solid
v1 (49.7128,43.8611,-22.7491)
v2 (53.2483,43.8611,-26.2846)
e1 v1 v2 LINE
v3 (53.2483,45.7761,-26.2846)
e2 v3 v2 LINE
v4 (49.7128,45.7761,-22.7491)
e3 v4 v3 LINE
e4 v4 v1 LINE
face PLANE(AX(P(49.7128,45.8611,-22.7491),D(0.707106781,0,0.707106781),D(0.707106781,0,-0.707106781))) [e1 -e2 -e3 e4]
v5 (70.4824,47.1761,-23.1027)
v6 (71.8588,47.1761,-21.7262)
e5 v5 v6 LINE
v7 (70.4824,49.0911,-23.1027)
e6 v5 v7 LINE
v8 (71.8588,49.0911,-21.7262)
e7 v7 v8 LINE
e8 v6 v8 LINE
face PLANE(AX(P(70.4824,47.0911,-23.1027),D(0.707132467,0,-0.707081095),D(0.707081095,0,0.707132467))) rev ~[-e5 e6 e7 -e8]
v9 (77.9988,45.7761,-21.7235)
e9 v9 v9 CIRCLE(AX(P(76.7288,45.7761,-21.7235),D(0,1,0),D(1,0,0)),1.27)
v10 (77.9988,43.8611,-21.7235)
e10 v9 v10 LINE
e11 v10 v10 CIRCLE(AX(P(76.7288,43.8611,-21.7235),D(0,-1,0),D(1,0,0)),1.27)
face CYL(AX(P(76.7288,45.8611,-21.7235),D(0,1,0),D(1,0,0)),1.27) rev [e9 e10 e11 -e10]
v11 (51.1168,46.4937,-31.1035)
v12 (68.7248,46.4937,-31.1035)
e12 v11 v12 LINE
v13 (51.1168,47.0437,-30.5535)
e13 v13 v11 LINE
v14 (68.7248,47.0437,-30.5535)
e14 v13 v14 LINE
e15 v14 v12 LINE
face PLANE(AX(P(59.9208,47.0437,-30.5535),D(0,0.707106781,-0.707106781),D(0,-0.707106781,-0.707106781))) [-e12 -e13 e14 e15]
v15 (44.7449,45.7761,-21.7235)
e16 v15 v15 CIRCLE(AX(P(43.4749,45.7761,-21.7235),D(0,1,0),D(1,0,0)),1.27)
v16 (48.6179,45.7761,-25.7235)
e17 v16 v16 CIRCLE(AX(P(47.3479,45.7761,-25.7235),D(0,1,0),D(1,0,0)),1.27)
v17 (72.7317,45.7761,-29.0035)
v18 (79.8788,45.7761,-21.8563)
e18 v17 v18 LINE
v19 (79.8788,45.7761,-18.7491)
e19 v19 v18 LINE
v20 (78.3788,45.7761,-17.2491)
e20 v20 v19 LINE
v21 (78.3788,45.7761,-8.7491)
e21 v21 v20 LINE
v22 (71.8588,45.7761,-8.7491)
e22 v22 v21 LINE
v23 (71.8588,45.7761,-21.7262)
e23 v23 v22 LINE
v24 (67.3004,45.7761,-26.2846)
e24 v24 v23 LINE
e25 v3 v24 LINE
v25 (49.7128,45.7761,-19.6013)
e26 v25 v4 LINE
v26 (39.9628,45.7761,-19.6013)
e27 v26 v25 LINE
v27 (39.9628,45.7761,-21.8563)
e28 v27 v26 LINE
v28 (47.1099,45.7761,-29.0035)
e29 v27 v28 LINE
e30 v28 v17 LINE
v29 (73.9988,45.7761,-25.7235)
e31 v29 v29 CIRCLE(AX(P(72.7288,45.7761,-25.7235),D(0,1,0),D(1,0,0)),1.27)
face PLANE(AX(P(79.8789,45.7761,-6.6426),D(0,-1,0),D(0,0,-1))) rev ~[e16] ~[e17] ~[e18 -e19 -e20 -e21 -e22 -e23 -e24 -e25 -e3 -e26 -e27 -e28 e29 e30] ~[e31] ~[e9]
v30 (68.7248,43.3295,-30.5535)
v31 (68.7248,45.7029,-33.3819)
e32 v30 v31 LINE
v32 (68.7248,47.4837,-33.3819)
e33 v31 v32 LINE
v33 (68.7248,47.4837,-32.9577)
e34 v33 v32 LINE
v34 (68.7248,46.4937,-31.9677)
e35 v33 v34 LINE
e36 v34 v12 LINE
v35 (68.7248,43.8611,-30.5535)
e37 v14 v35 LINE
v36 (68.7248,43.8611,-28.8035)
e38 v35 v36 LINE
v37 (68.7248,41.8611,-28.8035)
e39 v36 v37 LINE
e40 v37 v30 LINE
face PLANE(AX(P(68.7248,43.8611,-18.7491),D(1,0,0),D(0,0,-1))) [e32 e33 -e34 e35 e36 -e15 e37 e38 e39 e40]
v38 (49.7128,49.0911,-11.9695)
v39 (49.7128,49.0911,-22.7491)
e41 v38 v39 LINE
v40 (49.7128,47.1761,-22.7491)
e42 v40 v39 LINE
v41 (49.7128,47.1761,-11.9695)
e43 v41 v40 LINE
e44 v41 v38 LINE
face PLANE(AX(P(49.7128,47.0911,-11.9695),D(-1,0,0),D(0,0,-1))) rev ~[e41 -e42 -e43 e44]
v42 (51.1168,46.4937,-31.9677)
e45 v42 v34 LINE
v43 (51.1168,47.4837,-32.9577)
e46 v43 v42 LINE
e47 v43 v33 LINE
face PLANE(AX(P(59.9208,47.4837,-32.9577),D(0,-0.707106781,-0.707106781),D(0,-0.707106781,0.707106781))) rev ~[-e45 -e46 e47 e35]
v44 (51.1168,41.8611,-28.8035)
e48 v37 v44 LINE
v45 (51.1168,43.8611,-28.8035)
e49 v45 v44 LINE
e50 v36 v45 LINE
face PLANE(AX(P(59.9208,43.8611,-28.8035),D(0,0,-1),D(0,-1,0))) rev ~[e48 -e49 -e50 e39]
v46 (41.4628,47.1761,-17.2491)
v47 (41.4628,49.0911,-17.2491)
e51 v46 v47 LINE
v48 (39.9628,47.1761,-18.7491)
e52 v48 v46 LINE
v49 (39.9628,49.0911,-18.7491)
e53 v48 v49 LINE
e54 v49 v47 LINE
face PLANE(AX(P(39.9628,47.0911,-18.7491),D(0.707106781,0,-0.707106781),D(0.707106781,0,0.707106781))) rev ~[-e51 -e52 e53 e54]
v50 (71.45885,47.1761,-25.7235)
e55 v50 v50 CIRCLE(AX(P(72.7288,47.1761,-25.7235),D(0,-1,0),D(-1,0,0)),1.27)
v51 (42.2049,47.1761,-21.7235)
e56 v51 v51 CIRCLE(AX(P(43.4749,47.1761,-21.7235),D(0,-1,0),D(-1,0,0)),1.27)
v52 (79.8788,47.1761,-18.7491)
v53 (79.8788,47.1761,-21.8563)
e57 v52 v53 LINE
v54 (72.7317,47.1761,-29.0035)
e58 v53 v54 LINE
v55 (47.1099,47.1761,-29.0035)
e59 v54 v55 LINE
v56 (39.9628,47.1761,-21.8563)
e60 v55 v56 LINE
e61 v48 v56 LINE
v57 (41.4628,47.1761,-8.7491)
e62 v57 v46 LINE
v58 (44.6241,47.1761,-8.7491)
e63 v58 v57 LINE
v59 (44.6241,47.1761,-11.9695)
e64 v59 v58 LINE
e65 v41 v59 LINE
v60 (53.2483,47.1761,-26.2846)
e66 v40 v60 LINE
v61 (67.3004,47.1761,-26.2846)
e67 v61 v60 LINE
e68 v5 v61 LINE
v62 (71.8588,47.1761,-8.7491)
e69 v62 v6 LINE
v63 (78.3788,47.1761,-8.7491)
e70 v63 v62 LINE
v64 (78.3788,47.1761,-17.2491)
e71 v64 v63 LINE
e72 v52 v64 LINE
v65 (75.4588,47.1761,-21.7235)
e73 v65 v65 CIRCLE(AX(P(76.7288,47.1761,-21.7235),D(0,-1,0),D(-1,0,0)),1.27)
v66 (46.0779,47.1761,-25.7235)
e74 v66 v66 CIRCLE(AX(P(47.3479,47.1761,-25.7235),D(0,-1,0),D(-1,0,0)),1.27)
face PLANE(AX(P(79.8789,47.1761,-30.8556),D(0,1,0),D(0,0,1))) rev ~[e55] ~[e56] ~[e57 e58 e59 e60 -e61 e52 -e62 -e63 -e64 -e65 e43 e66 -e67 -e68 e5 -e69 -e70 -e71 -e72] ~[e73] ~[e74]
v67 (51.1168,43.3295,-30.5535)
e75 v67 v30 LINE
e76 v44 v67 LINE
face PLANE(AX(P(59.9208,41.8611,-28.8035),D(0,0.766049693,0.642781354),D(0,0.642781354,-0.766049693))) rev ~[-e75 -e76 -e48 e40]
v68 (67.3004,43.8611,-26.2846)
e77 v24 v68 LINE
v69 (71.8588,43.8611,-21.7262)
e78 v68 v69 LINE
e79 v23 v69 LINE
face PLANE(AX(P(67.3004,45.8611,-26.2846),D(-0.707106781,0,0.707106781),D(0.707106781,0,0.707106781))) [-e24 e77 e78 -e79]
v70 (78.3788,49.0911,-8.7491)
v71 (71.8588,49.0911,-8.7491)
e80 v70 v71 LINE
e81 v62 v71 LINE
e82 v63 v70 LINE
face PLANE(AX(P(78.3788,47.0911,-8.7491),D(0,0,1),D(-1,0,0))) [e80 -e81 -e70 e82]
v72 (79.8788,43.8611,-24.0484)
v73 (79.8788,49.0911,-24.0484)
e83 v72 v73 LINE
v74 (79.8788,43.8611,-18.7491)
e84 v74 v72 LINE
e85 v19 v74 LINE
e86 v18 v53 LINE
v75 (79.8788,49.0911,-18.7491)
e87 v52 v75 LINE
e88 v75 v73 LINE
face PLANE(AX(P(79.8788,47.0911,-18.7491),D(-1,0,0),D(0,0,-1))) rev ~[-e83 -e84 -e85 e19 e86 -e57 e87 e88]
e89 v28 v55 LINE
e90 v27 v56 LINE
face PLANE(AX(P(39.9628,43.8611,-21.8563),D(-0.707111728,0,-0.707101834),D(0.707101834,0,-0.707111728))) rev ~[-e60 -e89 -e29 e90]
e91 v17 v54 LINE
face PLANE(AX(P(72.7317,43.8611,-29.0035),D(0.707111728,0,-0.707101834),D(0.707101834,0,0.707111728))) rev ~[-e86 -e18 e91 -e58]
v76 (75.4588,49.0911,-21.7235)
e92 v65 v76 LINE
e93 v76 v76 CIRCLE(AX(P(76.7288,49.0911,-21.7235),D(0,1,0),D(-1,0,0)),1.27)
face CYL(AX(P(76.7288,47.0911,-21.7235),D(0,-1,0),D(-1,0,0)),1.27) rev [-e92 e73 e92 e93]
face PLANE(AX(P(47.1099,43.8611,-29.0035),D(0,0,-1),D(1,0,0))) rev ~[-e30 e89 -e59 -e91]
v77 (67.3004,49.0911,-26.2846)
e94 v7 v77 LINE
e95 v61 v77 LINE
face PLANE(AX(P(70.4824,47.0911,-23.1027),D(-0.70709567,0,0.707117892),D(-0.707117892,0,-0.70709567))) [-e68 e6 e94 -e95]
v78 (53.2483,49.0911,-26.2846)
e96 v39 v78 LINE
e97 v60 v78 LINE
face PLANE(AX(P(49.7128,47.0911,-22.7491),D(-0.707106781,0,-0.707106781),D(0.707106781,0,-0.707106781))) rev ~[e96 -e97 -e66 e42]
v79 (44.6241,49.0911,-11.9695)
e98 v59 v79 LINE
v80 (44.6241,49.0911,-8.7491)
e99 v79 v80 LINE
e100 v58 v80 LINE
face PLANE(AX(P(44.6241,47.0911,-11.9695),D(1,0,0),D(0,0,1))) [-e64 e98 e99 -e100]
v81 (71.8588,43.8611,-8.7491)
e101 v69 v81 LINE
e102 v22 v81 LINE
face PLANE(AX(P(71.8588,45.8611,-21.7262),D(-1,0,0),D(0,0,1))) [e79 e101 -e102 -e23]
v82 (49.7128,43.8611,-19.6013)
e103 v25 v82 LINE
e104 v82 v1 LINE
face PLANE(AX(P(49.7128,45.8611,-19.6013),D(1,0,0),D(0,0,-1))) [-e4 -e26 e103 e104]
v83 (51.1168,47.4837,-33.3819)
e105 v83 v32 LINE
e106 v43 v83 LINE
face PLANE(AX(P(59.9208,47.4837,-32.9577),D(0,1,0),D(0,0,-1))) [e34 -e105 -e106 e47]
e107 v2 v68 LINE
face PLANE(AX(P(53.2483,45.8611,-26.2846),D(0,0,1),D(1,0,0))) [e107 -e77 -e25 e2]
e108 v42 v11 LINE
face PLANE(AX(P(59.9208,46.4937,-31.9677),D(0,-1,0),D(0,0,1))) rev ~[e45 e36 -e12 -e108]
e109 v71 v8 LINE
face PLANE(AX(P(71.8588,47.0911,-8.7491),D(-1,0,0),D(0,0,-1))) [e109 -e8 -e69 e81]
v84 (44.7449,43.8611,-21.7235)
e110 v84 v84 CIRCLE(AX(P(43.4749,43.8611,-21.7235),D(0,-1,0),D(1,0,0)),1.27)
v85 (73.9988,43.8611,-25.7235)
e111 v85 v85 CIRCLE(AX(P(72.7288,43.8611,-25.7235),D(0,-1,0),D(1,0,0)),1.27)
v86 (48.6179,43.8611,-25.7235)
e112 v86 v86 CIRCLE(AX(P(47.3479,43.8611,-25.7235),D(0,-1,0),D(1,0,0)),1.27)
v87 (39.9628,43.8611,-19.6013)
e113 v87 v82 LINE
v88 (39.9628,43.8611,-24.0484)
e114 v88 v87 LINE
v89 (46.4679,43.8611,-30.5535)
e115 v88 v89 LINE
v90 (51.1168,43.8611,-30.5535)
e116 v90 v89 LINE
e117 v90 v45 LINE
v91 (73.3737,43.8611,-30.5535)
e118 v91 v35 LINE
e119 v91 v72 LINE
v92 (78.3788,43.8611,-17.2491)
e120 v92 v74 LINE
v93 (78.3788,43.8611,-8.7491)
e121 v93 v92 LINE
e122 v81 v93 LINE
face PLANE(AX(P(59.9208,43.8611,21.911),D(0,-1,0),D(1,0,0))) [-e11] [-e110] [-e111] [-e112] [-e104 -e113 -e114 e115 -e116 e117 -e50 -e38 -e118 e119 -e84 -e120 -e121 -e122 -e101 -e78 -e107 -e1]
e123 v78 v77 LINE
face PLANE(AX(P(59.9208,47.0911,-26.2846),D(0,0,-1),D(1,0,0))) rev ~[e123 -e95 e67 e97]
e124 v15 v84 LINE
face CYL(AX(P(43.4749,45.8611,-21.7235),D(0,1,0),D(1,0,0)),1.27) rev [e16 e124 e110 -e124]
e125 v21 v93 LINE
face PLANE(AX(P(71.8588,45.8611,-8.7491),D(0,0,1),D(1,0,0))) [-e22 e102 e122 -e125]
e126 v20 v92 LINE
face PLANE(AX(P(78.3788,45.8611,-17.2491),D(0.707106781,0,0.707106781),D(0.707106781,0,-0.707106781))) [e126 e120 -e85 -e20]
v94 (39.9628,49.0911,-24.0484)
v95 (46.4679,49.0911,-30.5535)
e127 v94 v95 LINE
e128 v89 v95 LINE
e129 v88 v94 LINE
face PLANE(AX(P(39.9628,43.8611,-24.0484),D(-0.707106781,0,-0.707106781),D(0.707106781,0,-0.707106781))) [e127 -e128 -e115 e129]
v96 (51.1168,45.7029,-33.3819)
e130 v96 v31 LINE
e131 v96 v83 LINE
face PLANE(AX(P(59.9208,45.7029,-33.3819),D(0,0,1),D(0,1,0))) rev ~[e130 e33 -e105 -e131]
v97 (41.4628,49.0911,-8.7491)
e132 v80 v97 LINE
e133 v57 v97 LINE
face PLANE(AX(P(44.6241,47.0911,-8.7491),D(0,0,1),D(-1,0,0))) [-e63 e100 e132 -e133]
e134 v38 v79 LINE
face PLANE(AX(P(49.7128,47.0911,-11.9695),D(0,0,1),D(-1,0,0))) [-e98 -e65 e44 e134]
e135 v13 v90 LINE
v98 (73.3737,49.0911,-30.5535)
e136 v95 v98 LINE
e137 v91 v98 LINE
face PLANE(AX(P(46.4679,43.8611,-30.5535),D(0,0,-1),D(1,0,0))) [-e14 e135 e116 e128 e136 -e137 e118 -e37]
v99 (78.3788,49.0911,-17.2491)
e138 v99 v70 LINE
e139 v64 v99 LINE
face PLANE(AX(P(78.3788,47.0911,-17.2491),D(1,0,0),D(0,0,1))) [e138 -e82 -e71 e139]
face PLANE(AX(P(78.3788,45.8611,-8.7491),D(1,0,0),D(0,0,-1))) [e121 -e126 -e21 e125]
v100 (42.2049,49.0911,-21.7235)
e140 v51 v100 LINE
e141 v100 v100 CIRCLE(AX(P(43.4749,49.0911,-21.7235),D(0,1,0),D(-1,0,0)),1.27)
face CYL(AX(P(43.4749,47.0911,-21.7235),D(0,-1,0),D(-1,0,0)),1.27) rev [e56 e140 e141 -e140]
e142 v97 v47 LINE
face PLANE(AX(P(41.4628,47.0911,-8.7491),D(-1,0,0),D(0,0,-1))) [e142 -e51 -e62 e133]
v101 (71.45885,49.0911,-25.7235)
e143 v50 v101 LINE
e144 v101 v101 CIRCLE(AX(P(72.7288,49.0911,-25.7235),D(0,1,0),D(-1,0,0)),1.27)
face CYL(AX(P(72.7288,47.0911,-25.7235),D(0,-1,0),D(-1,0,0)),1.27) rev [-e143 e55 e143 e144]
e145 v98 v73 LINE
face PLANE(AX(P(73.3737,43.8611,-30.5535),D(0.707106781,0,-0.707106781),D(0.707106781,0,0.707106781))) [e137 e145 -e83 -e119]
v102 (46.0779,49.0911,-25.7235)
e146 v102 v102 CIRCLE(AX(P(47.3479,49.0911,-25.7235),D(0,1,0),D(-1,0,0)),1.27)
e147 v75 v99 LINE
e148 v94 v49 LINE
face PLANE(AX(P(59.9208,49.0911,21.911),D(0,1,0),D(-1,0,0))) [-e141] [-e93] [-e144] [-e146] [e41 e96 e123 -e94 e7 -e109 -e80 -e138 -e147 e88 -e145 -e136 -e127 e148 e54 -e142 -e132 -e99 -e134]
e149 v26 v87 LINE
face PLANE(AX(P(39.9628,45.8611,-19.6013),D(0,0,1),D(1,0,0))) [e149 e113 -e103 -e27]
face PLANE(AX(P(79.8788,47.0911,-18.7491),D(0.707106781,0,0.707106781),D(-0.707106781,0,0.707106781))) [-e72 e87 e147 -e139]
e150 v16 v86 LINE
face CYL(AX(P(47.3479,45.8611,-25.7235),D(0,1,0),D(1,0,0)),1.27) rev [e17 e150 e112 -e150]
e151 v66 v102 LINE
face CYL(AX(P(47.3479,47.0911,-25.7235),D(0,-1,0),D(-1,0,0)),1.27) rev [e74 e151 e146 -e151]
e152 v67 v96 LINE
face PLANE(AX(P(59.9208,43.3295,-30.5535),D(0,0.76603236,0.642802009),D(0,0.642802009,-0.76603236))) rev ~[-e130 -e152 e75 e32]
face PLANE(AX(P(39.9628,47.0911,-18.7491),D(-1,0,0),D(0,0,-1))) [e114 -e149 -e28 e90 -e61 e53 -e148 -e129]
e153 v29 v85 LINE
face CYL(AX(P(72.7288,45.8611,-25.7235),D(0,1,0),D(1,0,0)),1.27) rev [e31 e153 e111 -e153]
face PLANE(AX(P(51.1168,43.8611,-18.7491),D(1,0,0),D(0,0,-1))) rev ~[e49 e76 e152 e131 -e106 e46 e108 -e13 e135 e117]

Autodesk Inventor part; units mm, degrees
ref_plane "Work Plane1" through (59.9208, 47.0911, 21.911) normal (0, 1, 0) x (-1, 0, 0)
sketch "Sketch1" plane through (59.9208, 47.0911, 21.911) normal (0, 1, 0) x (-1, 0, 0)
  circle A0 centre (-16.808, -43.6345) radius 1.27
  circle A1 centre (12.5729, -47.6345) radius 1.27
  circle A2 centre (16.4459, -43.6345) radius 1.27
  circle A3 centre (-12.808, -47.6345) radius 1.27
  line L0 (10.208, -33.8805) -> (10.208, -44.6601)
  line L1 (10.208, -44.6601) -> (6.6725, -48.1956)
  circle A4 centre (-16.808, -43.6345) radius 1.27 projected
  circle A5 centre (12.5729, -47.6345) radius 1.27 projected
  circle A6 centre (16.4459, -43.6345) radius 1.27 projected
  circle A7 centre (-12.8081, -47.6345) radius 1.27 projected
  line L2 (19.708, -15.6655) -> (-19.708, -15.6655)
  line L3 (0, -15.6655) -> (0, -20.8781)
  line L4 (6.6725, -48.1956) -> (-7.3796, -48.1956)
  line L5 (-19.958, -43.8381) -> (-12.8316, -50.9645)
  line L6 (-12.8316, -50.9645) -> (12.8316, -50.9645)
  line L7 (-19.958, -40.6601) -> (-19.958, -43.8381)
  line L8 (0, -48.1956) -> (0, -46.7038)
  line L9 (19.958, -43.8381) -> (12.8316, -50.9645)
  line L10 (19.958, -40.6601) -> (19.958, -43.8381)
  line L11 (-11.938, -30.6601) -> (-11.938, -43.6372)
  line L12 (-10.5616, -45.0137) -> (-11.938, -43.6372)
  line L13 (-10.5616, -45.0137) -> (-7.3796, -48.1956)
  line L14 (15.2967, -30.6601) -> (18.458, -30.6601)
  line L15 (18.458, -30.6601) -> (18.458, -39.1601)
  line L16 (-18.458, -39.1601) -> (-18.458, -30.6601)
  line L17 (-18.458, -30.6601) -> (-11.938, -30.6601)
  line L18 (10.208, -33.8805) -> (15.2967, -33.8805)
  line L19 (15.2967, -33.8805) -> (15.2967, -30.6601)
  line L20 (-19.958, -40.6601) -> (-18.458, -39.1601)
  line L21 (19.958, -40.6601) -> (18.458, -39.1601)
  point P0 (-19.708, -43.6601)
  point P1 (-6.6725, -48.1956)
  dimension "d14" = 5
  dimension "d15" = 135
  dimension "d18" = 2.54
extrude "Extrusion1" add sketch "Sketch1" along normal blind 2
ref_plane "Work Plane2" through (59.9208, 45.8611, 21.911) normal (0, -1, 0) x (1, 0, 0)
sketch "Sketch2" plane through (59.9208, 45.8611, 21.911) normal (0, -1, 0) x (1, 0, 0)
  line L0 (-10.208, -33.8805) -> (-10.208, -44.6601) projected
  line L1 (-10.208, -44.6601) -> (-6.6725, -48.1956) projected
  line L2 (-6.6725, -48.1956) -> (7.3796, -48.1956) projected
  circle A0 centre (16.808, -43.6345) radius 1.27 projected
  circle A1 centre (-12.5729, -47.6345) radius 1.27 projected
  circle A2 centre (-16.4459, -43.6345) radius 1.27 projected
  circle A3 centre (12.808, -47.6345) radius 1.27 projected
  line L3 (19.958, -40.6601) -> (19.958, -43.8381) projected
  line L4 (19.958, -43.8381) -> (12.8316, -50.9645) projected
  line L5 (12.8316, -50.9645) -> (-12.8316, -50.9645) projected
  line L6 (-12.8316, -50.9645) -> (-19.958, -43.8381) projected
  line L7 (-19.958, -43.8381) -> (-19.958, -40.6601) projected
  line L8 (7.3796, -48.1956) -> (11.938, -43.6372) projected
  line L9 (11.938, -43.6372) -> (11.938, -30.6601) projected
  line L10 (11.938, -30.6601) -> (18.458, -30.6601) projected
  line L11 (18.458, -30.6601) -> (18.458, -39.1601) projected
  line L12 (-18.458, -39.1601) -> (-18.458, -30.6601) projected
  line L13 (-18.458, -30.6601) -> (-15.2967, -30.6601) projected
  line L14 (-15.2967, -30.6601) -> (-15.2967, -33.8805) projected
  line L15 (-15.2967, -33.8805) -> (-10.208, -33.8805) projected
  line L16 (18.458, -39.1601) -> (19.958, -40.6601) projected
  line L17 (-19.958, -40.6601) -> (-18.458, -39.1601) projected
  circle A4 centre (-16.4459, -43.6345) radius 1.27 projected
  line L18 (-19.958, -43.8381) -> (-19.958, -40.6601) projected
  line L19 (-19.958, -41.5123) -> (-10.208, -41.5123)
  line L20 (-10.208, -33.8805) -> (-10.208, -44.6601) projected
  point P0 (-59.9208, -21.911)
extrude "Extrusion2" add sketch "Sketch2" along normal blind 2 contours L0 L1 L2 L8 L9 L10 L11 L16 L3 L4 L5 L6 L7 L19
sketch "Sketch4" plane through (79.8789, 45.8611, -18.7491) normal (1, 0, 0) x (0, 0, -1)
  line L0 (0, 1.23) -> (3.178, 1.23) projected
  line L1 (0, 0) -> (-1.5, 0) projected
  line L2 (0, 1.23) -> (0, 0)
  line L3 (-12.1065, -0.085) -> (12.1065, -0.085)
  line L4 (12.1065, -0.085) -> (12.1065, 1.315)
  line L5 (12.1065, 1.315) -> (-12.1065, 1.315)
  line L6 (-12.1065, 1.315) -> (-12.1065, -0.085)
  line L7 (-12.1065, -0.085) -> (12.1065, 1.315) construction
  line L8 (12.1065, -0.085) -> (-12.1065, 1.315) construction
  point P0 (0, 0.615)
  dimension "d73" = 1.4
extrude "Extrusion3" cut sketch "Sketch4" against normal through all
sketch "Sketch5" plane through (59.9208, 43.8611, 21.911) normal (0, -1, 0) x (1, 0, 0)
  line L0 (-19.708, -43.6601) -> (-19.708, -40.6601)
  line L1 (-12.6424, -50.7145) -> (-19.708, -43.6601)
  line L2 (12.728, -50.7145) -> (-12.6424, -50.7145)
  line L3 (19.708, -43.7345) -> (12.728, -50.7145)
  line L4 (-13.4529, -52.4645) -> (13.4529, -52.4645)
  line L5 (19.708, -43.7345) -> (19.708, -40.6601)
  line L6 (-12.8316, -50.9145) -> (12.8316, -50.9145)
  line L7 (12.8316, -50.9645) -> (11.3316, -52.4645)
  line L8 (-19.958, -43.8381) -> (-12.8316, -50.9645)
  line L9 (-12.8316, -50.9645) -> (-11.3316, -52.4645)
  line L10 (-12.8316, -50.9645) -> (-10.7103, -50.9645) construction
  line L11 (12.8316, -50.9145) -> (12.8816, -50.9145)
  line L12 (-12.8316, -50.9645) -> (12.8316, -50.9645)
  line L13 (12.8316, -50.9645) -> (12.8816, -50.9145)
  line L14 (12.8316, -50.9645) -> (19.958, -43.8381)
  line L15 (-12.8316, -50.9145) -> (-12.8816, -50.9145)
  line L16 (-12.8316, -50.9645) -> (-12.8816, -50.9145)
  line L17 (12.8109, -50.9145) -> (19.958, -43.7673)
  line L18 (-19.958, -43.7673) -> (-12.8109, -50.9145)
  line L19 (-19.958, -45.9594) -> (-13.4529, -52.4645)
  line L20 (13.4529, -52.4645) -> (19.958, -45.9594)
  line L21 (-19.958, -43.7673) -> (-19.958, -45.9594)
  line L22 (12.8316, -50.9645) -> (19.958, -43.8381) projected
  line L23 (19.958, -43.8381) -> (19.958, -45.9594)
  line L24 (19.958, -43.8381) -> (19.958, -43.7673)
  line L25 (19.958, -43.8381) -> (19.958, -40.6601) projected
  dimension "d29" = 0.2
  dimension "d62" = 45
  dimension "d74" = 0.05
  dimension "d75" = 0.05
  dimension "d76" = 1.5
  dimension "d77" = 1.5
extrude "Extrusion4" add sketch "Sketch5" against normal up to surface (5.23 mm away)
ref_plane "Work Plane13" through (59.9208, 43.8611, -18.7491) normal (1, 0, 0) x (0, 0, -1)
ref_plane "Work Plane14" through (53.2483, 46.4761, -26.2847) normal (0, 1, 0) x (1, 0, 0)
sketch "Sketch18" plane through (59.9208, 43.8611, -18.7491) normal (1, 0, 0) x (0, 0, -1)
  line L0 (11.8044, 0) -> (10.0544, 0)
  line L1 (10.0544, 0) -> (10.0544, -2)
  line L2 (10.0544, -2) -> (11.8044, -0.5316)
  line L3 (11.8044, -0.5316) -> (11.8044, 0)
  line L4 (14.6328, 1.8418) -> (14.6328, 3.6226)
  line L5 (14.2086, 3.6226) -> (13.2186, 2.6326)
  line L6 (13.2186, 2.6326) -> (12.3544, 2.6326)
  line L7 (11.8044, 3.1826) -> (11.8044, 0)
  line L8 (11.8044, -0.5316) -> (14.6328, 1.8418)
  line L9 (11.8044, -0.5316) -> (15.8044, -0.5316) construction
  line L10 (14.2086, 3.6226) -> (14.6328, 3.6226)
  line L11 (11.9924, 3.2605) -> (12.4323, 2.8206)
  line L12 (11.8044, 3.1826) -> (12.3544, 2.6326)
  dimension "d184" = 1.75
  dimension "d185" = 2
  dimension "d186" = 50
  dimension "d198" = 135
  dimension "d203" = 40
extrude "Extrusion12" add sketch "Sketch18" along normal blind 8.804 and the other way blind 8.804
properties part number "Button Holder"
